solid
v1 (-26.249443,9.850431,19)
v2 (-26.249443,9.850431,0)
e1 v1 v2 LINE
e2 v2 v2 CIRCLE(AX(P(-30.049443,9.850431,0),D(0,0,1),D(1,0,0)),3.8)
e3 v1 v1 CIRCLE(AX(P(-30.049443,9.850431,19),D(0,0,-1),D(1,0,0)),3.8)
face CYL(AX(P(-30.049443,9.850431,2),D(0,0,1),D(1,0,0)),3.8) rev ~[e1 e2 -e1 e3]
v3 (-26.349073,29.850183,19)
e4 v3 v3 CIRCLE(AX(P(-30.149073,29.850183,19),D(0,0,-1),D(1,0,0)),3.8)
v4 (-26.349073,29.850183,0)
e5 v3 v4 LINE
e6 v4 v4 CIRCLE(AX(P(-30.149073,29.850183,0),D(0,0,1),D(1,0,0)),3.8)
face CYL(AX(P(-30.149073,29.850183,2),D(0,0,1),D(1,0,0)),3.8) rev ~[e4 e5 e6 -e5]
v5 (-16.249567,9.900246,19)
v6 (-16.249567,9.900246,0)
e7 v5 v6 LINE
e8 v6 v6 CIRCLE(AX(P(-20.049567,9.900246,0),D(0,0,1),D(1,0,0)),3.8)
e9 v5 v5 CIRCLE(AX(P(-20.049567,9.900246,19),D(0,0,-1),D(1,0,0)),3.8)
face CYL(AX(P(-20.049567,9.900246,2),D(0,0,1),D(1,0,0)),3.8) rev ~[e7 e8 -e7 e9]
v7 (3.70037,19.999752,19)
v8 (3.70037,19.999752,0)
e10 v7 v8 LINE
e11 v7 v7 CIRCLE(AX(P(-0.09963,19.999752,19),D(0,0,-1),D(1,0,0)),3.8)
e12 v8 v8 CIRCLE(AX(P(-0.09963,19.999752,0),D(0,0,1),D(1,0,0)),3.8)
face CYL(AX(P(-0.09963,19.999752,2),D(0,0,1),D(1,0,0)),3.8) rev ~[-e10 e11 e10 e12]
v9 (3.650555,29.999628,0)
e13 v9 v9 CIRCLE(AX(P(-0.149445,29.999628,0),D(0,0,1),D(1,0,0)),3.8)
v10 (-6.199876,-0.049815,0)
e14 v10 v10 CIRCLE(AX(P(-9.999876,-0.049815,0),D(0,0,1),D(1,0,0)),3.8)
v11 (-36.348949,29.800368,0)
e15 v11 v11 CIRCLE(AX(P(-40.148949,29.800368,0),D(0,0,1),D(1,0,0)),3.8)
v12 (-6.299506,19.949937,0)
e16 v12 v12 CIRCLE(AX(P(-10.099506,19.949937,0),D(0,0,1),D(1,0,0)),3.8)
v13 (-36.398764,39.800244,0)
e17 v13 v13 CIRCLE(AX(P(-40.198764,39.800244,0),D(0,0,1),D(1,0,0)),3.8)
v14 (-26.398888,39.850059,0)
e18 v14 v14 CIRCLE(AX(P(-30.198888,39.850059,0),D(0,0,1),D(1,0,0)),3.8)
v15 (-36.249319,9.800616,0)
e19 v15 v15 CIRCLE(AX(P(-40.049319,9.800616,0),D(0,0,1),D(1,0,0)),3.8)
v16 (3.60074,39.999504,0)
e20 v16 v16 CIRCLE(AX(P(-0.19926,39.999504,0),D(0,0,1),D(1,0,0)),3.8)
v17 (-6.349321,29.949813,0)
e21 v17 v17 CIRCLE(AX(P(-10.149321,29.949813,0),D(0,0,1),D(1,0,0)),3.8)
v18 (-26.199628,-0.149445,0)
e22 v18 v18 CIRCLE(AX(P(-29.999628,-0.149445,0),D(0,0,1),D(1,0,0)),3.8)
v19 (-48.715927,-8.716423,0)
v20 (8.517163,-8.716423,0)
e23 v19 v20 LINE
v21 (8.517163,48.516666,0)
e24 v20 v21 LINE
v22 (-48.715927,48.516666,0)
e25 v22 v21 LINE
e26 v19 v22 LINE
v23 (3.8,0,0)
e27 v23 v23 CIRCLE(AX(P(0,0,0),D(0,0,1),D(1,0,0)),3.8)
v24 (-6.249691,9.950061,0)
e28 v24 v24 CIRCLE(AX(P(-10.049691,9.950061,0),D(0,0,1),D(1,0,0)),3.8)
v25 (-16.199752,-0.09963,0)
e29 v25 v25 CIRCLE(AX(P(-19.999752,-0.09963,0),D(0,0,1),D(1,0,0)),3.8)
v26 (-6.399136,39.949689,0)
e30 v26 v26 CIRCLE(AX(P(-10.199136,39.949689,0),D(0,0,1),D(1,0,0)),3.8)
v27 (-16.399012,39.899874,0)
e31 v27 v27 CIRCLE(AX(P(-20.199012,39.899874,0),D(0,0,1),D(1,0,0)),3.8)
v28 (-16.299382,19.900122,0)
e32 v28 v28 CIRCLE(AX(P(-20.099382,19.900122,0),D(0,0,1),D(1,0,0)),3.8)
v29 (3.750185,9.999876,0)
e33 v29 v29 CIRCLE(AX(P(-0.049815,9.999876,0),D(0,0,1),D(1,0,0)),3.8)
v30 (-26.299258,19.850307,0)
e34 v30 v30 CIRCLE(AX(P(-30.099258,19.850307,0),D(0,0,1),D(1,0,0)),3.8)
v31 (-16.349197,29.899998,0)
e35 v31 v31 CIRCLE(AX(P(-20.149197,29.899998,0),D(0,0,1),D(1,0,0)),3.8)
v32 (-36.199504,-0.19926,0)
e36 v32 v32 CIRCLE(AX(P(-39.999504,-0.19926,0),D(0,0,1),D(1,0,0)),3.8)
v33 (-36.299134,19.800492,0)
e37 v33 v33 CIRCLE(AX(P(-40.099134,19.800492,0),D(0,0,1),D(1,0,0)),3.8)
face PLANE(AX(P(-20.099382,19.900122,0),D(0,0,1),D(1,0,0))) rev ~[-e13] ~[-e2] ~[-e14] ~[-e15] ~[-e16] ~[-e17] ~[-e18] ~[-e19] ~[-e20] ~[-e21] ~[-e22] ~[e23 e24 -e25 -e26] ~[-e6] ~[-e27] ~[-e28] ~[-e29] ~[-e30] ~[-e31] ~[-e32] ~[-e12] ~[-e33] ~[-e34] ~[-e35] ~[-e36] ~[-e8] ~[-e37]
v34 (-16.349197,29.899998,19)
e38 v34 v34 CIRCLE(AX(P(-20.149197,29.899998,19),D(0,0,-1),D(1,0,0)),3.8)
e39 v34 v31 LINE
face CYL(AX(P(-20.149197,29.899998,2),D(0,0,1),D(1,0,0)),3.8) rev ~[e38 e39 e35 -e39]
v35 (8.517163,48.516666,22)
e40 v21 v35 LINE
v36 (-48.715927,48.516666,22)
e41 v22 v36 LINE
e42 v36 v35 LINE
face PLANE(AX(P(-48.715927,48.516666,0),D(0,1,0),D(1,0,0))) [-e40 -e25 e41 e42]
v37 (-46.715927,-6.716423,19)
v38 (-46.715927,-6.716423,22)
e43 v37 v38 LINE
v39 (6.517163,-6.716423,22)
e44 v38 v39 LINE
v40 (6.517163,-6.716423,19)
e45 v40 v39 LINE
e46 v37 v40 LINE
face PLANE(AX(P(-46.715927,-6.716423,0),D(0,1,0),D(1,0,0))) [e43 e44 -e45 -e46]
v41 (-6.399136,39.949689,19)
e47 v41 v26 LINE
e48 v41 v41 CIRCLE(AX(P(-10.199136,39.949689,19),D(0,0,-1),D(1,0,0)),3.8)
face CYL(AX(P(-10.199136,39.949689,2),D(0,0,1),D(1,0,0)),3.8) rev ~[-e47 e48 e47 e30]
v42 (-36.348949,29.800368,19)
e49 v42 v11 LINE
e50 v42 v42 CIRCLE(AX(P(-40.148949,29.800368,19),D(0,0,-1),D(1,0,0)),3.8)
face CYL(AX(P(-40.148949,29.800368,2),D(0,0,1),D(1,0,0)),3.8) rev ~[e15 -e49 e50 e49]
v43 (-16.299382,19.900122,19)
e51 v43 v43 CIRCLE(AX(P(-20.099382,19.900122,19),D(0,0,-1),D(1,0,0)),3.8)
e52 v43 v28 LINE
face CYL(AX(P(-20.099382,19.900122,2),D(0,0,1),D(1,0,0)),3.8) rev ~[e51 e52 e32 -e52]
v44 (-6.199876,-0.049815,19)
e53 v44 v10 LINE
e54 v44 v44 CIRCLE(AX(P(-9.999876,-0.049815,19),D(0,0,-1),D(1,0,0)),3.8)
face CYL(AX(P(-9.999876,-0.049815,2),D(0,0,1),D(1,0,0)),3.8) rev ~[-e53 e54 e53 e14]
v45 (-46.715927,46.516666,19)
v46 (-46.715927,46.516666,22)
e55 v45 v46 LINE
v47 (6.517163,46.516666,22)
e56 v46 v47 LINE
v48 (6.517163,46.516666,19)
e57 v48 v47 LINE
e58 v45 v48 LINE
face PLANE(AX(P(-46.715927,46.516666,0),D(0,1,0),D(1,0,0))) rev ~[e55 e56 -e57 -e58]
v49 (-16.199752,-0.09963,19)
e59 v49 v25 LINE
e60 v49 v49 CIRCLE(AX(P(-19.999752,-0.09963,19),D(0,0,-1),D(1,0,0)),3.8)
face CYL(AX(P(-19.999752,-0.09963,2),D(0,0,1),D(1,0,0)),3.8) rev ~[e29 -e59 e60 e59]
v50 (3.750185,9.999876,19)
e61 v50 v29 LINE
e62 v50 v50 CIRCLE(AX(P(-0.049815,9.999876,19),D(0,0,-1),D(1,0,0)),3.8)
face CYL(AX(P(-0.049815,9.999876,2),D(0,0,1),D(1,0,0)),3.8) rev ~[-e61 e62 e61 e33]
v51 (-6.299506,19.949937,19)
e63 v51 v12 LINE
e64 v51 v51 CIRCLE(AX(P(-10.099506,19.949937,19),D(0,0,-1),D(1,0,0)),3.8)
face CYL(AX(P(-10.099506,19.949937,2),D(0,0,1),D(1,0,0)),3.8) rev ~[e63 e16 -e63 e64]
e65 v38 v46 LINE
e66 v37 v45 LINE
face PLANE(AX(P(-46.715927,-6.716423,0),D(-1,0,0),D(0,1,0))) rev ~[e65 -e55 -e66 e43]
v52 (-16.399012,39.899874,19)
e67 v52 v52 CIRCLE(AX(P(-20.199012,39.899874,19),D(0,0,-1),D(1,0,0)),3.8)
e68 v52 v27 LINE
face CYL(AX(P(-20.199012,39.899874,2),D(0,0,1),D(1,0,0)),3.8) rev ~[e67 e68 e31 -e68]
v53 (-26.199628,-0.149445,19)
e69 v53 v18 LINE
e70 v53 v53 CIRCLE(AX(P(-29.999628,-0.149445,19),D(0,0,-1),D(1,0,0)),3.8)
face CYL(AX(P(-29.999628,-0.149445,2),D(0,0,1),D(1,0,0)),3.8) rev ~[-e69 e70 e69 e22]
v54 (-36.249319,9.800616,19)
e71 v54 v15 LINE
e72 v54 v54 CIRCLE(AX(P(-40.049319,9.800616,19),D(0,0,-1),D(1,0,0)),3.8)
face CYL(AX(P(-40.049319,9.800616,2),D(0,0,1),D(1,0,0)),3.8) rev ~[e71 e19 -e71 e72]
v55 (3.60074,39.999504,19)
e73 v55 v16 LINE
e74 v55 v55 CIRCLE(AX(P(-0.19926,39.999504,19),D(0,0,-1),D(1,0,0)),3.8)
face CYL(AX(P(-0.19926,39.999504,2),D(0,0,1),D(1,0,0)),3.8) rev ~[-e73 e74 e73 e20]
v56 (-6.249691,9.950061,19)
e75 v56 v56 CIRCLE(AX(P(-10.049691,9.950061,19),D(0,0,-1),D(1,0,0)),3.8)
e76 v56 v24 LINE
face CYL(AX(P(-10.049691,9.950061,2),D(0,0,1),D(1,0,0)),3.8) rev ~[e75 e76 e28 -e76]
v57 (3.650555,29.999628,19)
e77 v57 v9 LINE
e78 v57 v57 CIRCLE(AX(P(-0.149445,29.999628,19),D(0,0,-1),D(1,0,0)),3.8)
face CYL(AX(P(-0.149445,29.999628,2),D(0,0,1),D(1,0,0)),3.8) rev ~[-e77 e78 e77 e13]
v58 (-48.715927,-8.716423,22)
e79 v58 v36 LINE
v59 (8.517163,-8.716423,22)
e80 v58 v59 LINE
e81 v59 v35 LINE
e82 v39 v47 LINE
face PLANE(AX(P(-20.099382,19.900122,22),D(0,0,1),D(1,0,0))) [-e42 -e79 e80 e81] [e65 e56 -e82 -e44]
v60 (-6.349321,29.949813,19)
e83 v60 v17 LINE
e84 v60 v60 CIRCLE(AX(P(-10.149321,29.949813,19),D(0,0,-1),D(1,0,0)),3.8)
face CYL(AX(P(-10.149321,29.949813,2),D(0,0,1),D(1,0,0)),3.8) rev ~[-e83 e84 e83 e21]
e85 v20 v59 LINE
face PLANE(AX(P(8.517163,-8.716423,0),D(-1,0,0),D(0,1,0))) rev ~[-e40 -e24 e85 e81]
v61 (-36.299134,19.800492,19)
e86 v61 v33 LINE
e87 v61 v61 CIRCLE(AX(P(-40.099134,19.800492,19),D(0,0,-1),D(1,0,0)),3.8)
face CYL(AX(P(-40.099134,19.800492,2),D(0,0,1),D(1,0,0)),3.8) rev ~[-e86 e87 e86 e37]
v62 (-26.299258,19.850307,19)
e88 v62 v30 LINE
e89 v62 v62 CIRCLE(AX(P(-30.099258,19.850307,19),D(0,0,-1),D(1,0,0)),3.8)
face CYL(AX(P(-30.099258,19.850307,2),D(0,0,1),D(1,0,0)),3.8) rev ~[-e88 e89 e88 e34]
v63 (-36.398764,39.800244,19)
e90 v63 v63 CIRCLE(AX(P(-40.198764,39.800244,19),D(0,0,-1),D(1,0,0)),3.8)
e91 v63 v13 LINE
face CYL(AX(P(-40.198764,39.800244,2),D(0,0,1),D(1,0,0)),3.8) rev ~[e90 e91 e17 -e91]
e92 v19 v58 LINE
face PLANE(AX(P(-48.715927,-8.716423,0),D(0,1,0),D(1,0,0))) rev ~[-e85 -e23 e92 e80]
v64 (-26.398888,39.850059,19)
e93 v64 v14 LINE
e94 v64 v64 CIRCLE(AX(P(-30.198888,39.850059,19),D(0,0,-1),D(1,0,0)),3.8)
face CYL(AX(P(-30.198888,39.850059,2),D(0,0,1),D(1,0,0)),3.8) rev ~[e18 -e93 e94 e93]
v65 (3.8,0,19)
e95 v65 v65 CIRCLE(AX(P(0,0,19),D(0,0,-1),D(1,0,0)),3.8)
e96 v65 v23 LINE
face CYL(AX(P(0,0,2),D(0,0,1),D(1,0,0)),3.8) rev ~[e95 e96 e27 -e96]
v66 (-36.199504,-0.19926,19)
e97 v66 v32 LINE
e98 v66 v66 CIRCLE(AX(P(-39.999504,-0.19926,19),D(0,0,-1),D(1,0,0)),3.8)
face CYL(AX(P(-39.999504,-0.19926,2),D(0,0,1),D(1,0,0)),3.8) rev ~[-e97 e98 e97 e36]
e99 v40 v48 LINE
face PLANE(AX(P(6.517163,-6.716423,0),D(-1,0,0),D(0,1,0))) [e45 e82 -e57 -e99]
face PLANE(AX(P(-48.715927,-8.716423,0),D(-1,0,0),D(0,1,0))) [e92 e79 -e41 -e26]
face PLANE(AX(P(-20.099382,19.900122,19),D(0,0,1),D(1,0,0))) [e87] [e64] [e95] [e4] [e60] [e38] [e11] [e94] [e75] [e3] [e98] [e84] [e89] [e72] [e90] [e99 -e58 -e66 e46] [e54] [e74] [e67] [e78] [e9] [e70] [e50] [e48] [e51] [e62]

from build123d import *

# Parameters (mm, degrees)
SKETCH_W          = 53.23309
SKETCH_H          = 53.233089
PAD_DEPTH         = 19
SKETCH001_R       = 3.8
POCKET_DEPTH      = 2.001
POCKET_DEPTH_BACK = -17.001
SKETCH002_W       = 57.23309
SKETCH002_H       = 57.233089
SKETCH002_W_2     = 53.23309
SKETCH002_H_2     = 53.233089
PAD001_DEPTH      = 22


with BuildPart() as part:
    # Sketch → Pad (new body)
    with BuildSketch(Plane.XY):
        with Locations((-20.099382, 19.900122)):
            Rectangle(SKETCH_W, SKETCH_H)
    extrude(amount=PAD_DEPTH)

    # Sketch001 (on Sketch) → Pocket (cut, two sides)
    with BuildSketch(Plane.XY.offset(2)) as pocket_sk:
        Circle(SKETCH001_R)
        with Locations((-9.999876, -0.049815)):
            Circle(SKETCH001_R)
        with Locations((-19.999752, -0.09963)):
            Circle(SKETCH001_R)
        with Locations((-29.999628, -0.149445)):
            Circle(SKETCH001_R)
        with Locations((-39.999504, -0.19926)):
            Circle(SKETCH001_R)
        with Locations((-0.049815, 9.999876)):
            Circle(SKETCH001_R)
        with Locations((-10.049691, 9.950061)):
            Circle(SKETCH001_R)
        with Locations((-20.049567, 9.900246)):
            Circle(SKETCH001_R)
        with Locations((-30.049443, 9.850431)):
            Circle(SKETCH001_R)
        with Locations((-40.049319, 9.800616)):
            Circle(SKETCH001_R)
        with Locations((-0.09963, 19.999752)):
            Circle(SKETCH001_R)
        with Locations((-10.099506, 19.949937)):
            Circle(SKETCH001_R)
        with Locations((-20.099382, 19.900122)):
            Circle(SKETCH001_R)
        with Locations((-30.099258, 19.850307)):
            Circle(SKETCH001_R)
        with Locations((-40.099134, 19.800492)):
            Circle(SKETCH001_R)
        with Locations((-0.149445, 29.999628)):
            Circle(SKETCH001_R)
        with Locations((-10.149321, 29.949813)):
            Circle(SKETCH001_R)
        with Locations((-20.149197, 29.899998)):
            Circle(SKETCH001_R)
        with Locations((-30.149073, 29.850183)):
            Circle(SKETCH001_R)
        with Locations((-40.148949, 29.800368)):
            Circle(SKETCH001_R)
        with Locations((-0.19926, 39.999504)):
            Circle(SKETCH001_R)
        with Locations((-10.199136, 39.949689)):
            Circle(SKETCH001_R)
        with Locations((-20.199012, 39.899874)):
            Circle(SKETCH001_R)
        with Locations((-30.198888, 39.850059)):
            Circle(SKETCH001_R)
        with Locations((-40.198764, 39.800244)):
            Circle(SKETCH001_R)
    extrude(amount=-POCKET_DEPTH, mode=Mode.SUBTRACT)
    extrude(pocket_sk.sketch, amount=-POCKET_DEPTH_BACK, mode=Mode.SUBTRACT)

    # Sketch002 → Pad001 (join)
    with BuildSketch(Plane.XY):
        with Locations((-20.099382, 19.900122)):
            Rectangle(SKETCH002_W, SKETCH002_H)
        with Locations((-20.099382, 19.900122)):
            Rectangle(SKETCH002_W_2, SKETCH002_H_2, mode=Mode.SUBTRACT)
    extrude(amount=PAD001_DEPTH)


solid = part.part
